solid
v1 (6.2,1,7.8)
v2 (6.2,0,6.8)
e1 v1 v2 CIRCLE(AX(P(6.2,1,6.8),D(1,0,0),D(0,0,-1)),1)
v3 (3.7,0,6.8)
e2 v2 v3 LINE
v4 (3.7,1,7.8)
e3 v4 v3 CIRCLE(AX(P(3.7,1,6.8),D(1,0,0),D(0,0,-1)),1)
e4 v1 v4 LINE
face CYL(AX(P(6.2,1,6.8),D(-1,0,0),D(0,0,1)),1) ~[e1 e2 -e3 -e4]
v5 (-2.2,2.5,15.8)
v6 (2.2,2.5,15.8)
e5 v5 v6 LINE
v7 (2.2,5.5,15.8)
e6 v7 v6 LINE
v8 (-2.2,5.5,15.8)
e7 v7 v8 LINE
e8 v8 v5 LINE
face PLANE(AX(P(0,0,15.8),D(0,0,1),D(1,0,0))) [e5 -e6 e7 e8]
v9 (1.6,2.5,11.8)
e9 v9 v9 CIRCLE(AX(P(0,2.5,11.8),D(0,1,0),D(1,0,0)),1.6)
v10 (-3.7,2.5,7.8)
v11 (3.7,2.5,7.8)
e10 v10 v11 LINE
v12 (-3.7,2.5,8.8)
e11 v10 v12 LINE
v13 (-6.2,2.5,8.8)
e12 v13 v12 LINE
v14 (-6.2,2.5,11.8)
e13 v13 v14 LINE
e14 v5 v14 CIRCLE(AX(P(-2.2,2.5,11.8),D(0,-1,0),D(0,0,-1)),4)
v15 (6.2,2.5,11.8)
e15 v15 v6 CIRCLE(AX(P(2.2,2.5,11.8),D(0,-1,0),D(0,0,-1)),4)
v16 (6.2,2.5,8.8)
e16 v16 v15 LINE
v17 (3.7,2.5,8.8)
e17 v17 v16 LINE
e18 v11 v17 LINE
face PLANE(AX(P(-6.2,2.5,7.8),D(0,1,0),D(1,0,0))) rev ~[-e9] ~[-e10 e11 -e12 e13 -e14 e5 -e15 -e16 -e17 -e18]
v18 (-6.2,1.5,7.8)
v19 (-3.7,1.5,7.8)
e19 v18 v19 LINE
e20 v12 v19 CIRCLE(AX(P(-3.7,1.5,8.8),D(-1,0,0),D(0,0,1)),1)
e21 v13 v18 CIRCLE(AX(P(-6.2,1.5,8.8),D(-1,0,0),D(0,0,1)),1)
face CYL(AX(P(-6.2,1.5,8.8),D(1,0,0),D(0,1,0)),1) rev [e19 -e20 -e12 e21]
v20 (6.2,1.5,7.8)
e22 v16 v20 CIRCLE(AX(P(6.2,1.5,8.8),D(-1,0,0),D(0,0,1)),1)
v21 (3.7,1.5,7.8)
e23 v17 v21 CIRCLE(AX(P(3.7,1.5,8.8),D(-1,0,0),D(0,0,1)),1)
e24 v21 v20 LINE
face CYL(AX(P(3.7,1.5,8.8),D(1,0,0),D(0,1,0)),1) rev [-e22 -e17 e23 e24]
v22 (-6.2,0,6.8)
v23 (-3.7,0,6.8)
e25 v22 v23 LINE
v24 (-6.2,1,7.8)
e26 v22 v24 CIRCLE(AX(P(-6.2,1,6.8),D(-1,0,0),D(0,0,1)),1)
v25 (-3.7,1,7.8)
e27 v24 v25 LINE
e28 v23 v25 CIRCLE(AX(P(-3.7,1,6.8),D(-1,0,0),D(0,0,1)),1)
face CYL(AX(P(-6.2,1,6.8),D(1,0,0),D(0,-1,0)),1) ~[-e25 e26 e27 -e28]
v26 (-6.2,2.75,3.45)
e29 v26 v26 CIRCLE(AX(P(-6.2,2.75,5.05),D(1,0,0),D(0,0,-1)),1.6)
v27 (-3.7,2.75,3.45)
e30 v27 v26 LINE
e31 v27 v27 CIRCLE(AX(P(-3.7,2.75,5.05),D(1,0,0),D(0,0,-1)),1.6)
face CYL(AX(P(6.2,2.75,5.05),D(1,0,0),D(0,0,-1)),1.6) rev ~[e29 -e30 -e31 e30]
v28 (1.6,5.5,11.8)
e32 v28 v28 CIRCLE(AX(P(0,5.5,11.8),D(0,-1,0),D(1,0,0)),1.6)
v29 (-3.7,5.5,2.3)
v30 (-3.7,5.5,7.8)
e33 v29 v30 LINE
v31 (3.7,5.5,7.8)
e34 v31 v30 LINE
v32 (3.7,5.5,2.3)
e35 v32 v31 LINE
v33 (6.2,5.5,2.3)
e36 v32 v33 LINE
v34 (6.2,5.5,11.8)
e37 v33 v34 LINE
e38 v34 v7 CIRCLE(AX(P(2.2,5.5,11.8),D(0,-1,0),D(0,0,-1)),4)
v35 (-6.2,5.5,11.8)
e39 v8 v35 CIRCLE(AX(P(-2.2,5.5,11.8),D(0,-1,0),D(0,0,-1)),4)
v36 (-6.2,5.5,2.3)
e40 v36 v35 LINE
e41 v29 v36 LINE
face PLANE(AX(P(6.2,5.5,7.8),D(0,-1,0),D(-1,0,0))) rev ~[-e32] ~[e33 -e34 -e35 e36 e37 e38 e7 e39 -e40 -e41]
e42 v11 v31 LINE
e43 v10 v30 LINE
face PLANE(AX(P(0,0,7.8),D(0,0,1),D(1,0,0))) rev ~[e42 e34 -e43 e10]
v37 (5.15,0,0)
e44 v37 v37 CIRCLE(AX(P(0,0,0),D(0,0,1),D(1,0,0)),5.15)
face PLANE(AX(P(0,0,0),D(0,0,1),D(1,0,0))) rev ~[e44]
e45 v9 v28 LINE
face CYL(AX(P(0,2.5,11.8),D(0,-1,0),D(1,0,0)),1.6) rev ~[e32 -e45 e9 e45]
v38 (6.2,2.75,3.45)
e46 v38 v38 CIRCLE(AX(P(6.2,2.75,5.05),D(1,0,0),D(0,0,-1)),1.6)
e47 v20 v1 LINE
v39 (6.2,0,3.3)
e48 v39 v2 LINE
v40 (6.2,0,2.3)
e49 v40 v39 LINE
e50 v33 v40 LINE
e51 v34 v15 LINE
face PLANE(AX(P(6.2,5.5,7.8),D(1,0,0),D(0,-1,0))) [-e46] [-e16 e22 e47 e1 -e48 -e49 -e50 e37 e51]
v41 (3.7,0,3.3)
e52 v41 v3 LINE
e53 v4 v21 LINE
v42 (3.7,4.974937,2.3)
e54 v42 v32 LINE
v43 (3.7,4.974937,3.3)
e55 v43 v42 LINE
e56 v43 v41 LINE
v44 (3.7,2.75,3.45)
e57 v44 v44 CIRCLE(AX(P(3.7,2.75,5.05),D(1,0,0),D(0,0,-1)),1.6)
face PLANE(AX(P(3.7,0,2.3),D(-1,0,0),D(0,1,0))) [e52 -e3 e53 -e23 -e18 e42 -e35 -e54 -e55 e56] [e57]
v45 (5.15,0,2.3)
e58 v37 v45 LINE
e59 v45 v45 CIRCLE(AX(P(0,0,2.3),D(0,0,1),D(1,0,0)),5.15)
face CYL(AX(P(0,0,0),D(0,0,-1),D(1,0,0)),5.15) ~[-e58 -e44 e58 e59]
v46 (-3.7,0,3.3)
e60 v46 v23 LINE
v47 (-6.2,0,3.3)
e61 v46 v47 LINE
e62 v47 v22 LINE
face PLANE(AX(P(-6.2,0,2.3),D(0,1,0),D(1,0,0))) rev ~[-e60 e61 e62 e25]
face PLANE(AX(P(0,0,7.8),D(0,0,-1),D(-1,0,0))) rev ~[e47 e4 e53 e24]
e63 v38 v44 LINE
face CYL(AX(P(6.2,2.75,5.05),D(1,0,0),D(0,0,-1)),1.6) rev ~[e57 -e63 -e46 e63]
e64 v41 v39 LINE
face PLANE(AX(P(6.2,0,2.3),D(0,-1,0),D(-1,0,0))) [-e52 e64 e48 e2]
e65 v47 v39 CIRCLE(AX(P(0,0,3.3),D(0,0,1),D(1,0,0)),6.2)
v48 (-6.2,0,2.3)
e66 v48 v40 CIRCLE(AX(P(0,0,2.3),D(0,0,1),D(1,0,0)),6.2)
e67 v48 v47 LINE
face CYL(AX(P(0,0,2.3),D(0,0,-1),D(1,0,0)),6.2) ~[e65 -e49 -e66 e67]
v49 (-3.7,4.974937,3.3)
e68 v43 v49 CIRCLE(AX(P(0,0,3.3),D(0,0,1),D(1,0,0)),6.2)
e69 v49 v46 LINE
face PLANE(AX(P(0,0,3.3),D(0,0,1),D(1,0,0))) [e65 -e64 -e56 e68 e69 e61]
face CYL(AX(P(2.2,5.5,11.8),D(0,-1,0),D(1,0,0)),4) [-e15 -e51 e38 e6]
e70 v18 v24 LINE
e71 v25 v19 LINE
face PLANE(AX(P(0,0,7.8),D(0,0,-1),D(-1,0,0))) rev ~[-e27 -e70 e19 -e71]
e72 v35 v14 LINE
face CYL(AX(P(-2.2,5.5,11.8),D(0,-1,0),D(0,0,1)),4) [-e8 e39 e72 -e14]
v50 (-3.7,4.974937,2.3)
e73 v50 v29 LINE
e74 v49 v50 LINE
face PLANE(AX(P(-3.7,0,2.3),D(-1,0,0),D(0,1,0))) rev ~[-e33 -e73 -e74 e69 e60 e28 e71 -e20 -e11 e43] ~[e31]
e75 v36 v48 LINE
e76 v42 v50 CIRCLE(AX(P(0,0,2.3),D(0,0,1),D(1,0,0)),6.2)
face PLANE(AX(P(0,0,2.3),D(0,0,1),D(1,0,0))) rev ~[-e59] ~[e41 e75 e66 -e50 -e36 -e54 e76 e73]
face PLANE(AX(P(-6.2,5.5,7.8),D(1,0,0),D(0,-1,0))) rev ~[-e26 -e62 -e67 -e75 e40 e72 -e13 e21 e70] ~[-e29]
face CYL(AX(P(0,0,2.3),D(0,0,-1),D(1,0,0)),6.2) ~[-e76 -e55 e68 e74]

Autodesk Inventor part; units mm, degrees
ref_plane "YZ Plane" through (0, 0, 0) normal (1, 0, 0) x (0, 1, 0)
ref_plane "XZ Plane" through (0, 0, 0) normal (0, 1, 0) x (-1, 0, 0)
ref_plane "XY Plane" through (0, 0, 0) normal (0, 0, 1) x (1, 0, 0)
sketch "Sketch1" plane through (0, 0, 0) normal (0, 0, 1) x (1, 0, 0)
  circle A0 centre (0, 0) radius 5.15
  dimension "d0" = 10.3
extrude "Extrusion1" add sketch "Sketch1" along normal blind 2.3
sketch "Sketch2" plane through (0, 0, 2.3) normal (0, 0, 1) x (1, 0, 0)
  circle A0 centre (0, 0) radius 6.2
  dimension "d3" = 12.4
extrude "Extrusion2" add sketch "Sketch2" along normal blind 1
sketch "Sketch3" plane through (0, 0, 2.3) normal (0, 0, -1) x (-1, 0, 0)
  circle A0 centre (0, 0) radius 6.2 construction
  line L0 (6.2, 0) -> (3.7, 0)
  line L1 (3.7, 0) -> (3.7, 5.5)
  line L2 (3.7, 5.5) -> (6.2, 5.5)
  line L3 (6.2, 5.5) -> (6.2, 0)
  line L4 (0, -6.2) -> (0, 6.2)
  circle A1 centre (0, 0) radius 6.2 construction
  line L5 (-6.2, 0) -> (-3.7, 0)
  line L6 (-3.7, 0) -> (-3.7, 5.5)
  line L7 (-3.7, 5.5) -> (-6.2, 5.5)
  line L8 (-6.2, 5.5) -> (-6.2, 0)
  dimension "d6" = 5.5
  dimension "d7" = 2.5
extrude "Extrusion3" add sketch "Sketch3" against normal blind 5.5
sketch "Sketch4" plane through (6.2, 0, 2.3) normal (1, 0, 0) x (0, 0, -1)
  line L0 (0, 5.5) -> (0, 0) construction
  line L1 (0, 5.5) -> (-5.5, 5.5) construction
  line L2 (-5.5, 0) -> (-5.5, 5.5) construction
  line L3 (-1, 0) -> (-5.5, 0) construction
  line L4 (0, 0) -> (-1, 0) construction
  line L5 (-5.5, 0) -> (-5.5, 5.5) construction
  line L6 (0, 5.5) -> (-5.5, 0) construction
  line L7 (0, -6.2) -> (0, 0) construction
  line L8 (-5.5, 5.5) -> (0, 0) construction
  circle A0 centre (-2.75, 2.75) radius 1.6
  point P0 (2.3, 0)
  dimension "d10" = 3.2
extrude "Extrusion4" cut sketch "Sketch4" against normal through all
fillet "Fillet1" radius 1 2 edges at (4.95, 0, 7.8) (-4.95, 0, 7.8)
sketch "Sketch5" plane through (0, 0, 7.8) normal (0, 0, 1) x (1, 0, 0)
  line L0 (6.2, 1) -> (3.7, 1) construction
  line L1 (6.2, 1) -> (6.2, 5.5) construction
  line L2 (6.2, 5.5) -> (3.7, 5.5) construction
  line L3 (3.7, 5.5) -> (3.7, 1) construction
  line L4 (-3.7, 1) -> (-6.2, 1) construction
  line L5 (-3.7, 1) -> (-3.7, 5.5) construction
  line L6 (-3.7, 5.5) -> (-6.2, 5.5) construction
  line L7 (-6.2, 5.5) -> (-6.2, 1) construction
  line L8 (6.2, 5.5) -> (6.2, 0) projected
  line L9 (-6.2, 5.5) -> (-6.2, 0) projected
  line L10 (6.2, 5.5) -> (-6.2, 5.5)
  line L11 (-6.2, 5.5) -> (-6.2, 2.5)
  line L12 (-6.2, 2.5) -> (6.2, 2.5)
  line L13 (6.2, 2.5) -> (6.2, 5.5)
  point P0 (0, 0)
  dimension "d14" = 3
extrude "Extrusion5" add sketch "Sketch5" along normal blind 8
fillet "Fillet2" radius 1 2 edges at (-4.95, 2.5, 7.8) (4.95, 2.5, 7.8)
fillet "Fillet3" radius 4 2 edges at (-6.2, 4, 15.8) (6.2, 4, 15.8)
sketch "Sketch6" plane through (-3.7, 2.5, 7.8) normal (0, -1, 0) x (1, 0, 0)
  line L0 (3.7, -7.8) -> (3.7, 7.2594)
  line L1 (0, 0) -> (7.4, 0) construction
  arc A0 (9.9, 4) -> (5.9, 8) centre (5.9, 4) ccw construction
  line L2 (1.5, 8) -> (5.9, 8) construction
  arc A1 (1.5, 8) -> (-2.5, 4) centre (1.5, 4) ccw construction
  line L3 (-2.5, 1) -> (-2.5, 4) construction
  line L4 (0, 1) -> (-2.5, 1) construction
  line L5 (0, 1) -> (0, 0) construction
  line L6 (0, 0) -> (7.4, 0) construction
  line L7 (7.4, 0) -> (7.4, 1) construction
  line L8 (9.9, 1) -> (7.4, 1) construction
  line L9 (9.9, 1) -> (9.9, 4) construction
  line L10 (-6.2522, 4) -> (14.3588, 4) construction
  circle A2 centre (3.7, 4) radius 1.6
  circle A3 centre (3.7, 4) radius 4 construction
  dimension "d19" = 4
  dimension "d20" = 3.2
  dimension "d23" = 8
extrude "Extrusion6" cut sketch "Sketch6" against normal through all
properties part number "magnet-holder-end"
